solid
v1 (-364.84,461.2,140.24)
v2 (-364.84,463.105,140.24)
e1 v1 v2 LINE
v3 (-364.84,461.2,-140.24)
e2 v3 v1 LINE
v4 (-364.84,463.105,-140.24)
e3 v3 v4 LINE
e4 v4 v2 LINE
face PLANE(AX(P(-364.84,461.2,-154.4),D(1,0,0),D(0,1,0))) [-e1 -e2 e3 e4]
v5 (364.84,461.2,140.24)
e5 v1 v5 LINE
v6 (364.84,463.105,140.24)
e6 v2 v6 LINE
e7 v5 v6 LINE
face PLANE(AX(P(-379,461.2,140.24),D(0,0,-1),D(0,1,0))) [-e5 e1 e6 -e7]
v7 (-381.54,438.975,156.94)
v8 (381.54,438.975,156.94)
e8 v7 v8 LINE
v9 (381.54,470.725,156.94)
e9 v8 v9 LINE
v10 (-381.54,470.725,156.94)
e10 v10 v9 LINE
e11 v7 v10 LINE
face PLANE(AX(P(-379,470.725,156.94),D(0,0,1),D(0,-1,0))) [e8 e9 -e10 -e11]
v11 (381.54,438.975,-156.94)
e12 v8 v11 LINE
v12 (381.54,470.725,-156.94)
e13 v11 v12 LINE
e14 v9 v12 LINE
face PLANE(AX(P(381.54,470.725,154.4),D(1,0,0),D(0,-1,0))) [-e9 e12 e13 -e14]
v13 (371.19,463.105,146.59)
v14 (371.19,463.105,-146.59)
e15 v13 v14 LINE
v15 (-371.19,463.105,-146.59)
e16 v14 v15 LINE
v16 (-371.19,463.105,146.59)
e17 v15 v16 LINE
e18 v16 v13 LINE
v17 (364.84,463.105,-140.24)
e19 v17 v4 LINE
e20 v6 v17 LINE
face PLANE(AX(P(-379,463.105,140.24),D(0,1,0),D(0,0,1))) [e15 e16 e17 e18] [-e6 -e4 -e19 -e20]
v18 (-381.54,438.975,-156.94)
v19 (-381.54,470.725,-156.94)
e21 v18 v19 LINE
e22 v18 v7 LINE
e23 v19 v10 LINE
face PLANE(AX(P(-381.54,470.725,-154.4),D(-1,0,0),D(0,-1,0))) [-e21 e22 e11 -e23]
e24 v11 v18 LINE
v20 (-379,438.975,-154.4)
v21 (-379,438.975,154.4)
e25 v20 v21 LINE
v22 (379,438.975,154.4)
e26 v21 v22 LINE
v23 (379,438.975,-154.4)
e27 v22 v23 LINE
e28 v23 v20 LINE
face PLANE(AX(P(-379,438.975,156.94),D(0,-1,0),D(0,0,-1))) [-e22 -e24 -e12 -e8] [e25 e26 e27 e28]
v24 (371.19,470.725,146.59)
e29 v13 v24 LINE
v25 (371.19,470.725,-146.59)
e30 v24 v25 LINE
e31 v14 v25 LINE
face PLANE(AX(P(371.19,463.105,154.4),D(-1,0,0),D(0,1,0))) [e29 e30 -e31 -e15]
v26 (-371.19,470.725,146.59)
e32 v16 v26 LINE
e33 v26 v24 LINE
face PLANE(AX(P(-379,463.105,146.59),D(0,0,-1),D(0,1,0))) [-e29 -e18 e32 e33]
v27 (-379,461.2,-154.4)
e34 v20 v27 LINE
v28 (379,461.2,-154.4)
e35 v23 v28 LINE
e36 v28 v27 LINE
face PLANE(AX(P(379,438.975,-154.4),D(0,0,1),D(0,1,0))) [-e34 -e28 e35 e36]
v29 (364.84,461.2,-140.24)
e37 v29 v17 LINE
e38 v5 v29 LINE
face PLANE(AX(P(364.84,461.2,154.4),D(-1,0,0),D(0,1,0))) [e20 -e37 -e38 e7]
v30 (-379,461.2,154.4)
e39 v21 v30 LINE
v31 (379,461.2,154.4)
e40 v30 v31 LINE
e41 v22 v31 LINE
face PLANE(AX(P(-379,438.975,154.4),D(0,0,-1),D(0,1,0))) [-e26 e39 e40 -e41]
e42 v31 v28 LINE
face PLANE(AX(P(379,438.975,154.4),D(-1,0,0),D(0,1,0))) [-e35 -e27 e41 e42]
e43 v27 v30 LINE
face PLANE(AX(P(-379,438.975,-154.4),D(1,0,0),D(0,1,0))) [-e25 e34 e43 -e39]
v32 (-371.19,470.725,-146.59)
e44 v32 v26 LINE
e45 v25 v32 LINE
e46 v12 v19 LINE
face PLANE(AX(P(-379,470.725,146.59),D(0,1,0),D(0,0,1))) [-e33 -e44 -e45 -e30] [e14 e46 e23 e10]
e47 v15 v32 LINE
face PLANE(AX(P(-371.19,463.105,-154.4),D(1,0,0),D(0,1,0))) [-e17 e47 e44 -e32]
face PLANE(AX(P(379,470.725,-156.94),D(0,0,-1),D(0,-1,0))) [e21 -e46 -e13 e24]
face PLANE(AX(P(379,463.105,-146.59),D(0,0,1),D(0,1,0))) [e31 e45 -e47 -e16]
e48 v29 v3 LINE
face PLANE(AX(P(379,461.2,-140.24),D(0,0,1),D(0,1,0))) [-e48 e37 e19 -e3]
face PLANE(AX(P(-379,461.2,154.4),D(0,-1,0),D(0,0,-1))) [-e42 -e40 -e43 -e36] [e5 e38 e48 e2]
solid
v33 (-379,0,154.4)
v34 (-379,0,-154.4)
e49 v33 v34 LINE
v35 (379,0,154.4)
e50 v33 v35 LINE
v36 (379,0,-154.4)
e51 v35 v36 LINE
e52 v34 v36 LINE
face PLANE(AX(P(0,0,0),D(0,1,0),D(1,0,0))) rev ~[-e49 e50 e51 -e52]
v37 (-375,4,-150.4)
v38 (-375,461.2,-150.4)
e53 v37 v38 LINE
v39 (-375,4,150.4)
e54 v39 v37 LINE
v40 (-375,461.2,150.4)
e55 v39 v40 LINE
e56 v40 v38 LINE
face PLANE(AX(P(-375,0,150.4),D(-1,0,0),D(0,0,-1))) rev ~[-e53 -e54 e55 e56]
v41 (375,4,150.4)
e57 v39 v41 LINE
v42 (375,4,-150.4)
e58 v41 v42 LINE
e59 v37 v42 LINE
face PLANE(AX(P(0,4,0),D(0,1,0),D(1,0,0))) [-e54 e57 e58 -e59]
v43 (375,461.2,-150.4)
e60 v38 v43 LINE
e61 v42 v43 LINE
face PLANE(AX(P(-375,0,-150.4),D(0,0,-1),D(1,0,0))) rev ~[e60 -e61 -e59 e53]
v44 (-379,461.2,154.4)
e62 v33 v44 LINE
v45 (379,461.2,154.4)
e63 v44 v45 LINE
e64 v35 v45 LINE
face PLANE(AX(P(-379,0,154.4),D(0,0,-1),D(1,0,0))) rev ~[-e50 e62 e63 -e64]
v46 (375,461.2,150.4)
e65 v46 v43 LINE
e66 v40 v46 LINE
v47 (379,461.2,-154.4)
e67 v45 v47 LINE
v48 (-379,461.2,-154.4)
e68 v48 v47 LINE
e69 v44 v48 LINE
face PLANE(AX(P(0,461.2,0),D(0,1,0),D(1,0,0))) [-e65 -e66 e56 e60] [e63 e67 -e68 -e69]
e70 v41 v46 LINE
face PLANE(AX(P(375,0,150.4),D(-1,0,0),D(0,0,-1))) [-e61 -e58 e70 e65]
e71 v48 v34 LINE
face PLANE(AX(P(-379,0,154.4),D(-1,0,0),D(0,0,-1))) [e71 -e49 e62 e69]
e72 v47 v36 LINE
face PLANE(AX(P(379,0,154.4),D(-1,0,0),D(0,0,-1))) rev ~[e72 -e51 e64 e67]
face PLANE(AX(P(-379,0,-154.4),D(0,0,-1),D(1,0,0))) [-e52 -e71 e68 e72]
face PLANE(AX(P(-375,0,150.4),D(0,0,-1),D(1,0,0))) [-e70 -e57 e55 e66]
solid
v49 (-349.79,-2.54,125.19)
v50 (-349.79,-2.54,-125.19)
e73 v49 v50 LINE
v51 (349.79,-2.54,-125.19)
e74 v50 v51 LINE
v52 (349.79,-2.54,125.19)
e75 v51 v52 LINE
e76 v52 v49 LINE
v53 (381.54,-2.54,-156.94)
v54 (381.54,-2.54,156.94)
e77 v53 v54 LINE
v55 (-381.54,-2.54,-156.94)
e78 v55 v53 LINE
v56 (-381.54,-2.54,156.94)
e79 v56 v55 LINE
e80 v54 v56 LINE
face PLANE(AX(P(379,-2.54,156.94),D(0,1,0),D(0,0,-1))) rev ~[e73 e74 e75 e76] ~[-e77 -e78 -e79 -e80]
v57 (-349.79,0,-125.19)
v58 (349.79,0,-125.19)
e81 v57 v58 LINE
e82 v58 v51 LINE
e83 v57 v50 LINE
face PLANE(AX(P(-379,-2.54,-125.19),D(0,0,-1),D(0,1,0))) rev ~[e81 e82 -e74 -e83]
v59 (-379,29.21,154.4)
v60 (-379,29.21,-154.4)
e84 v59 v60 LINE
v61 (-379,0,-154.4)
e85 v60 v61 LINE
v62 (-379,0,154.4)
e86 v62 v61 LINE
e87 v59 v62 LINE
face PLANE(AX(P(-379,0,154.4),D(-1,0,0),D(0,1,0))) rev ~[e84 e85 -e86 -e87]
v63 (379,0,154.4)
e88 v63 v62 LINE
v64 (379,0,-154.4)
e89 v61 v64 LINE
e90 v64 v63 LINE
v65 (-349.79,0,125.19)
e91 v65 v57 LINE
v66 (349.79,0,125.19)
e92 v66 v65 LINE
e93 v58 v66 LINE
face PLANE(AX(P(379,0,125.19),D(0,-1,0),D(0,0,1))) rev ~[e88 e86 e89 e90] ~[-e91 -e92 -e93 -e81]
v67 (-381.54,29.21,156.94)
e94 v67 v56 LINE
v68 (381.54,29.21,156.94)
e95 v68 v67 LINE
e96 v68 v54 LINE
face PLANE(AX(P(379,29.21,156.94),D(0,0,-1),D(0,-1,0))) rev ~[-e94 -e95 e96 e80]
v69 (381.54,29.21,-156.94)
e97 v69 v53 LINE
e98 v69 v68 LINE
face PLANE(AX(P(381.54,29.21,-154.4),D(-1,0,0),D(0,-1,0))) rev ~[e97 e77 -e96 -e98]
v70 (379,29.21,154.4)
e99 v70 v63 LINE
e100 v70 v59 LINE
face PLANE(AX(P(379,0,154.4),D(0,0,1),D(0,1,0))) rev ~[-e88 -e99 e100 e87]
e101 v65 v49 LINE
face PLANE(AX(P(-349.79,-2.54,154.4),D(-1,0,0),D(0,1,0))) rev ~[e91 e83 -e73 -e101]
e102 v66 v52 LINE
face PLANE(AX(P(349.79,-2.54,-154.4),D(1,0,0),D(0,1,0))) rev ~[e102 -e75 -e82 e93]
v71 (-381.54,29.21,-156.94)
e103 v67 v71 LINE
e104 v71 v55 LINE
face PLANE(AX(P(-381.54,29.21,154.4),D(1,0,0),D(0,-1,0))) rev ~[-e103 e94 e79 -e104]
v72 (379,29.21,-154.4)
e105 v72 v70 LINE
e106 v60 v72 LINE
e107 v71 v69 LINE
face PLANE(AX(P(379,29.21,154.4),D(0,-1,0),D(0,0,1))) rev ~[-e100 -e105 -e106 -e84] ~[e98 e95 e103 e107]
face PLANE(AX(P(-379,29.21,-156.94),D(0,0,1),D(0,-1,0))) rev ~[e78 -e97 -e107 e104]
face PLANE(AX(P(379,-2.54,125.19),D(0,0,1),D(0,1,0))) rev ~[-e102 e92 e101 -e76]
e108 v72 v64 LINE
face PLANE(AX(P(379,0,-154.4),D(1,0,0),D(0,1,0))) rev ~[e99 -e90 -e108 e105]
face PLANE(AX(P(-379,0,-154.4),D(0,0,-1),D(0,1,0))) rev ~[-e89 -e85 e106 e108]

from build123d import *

# Parameters (mm, degrees)
SKETCH1_W        = 757.999999998
SKETCH1_H        = 308.8
SKETCH1_W_2      = 749.999999998
SKETCH1_H_2      = 300.8
TANK_WALLS_DEPTH = 461.2
SKETCH1_2_W      = 757.999999998
SKETCH1_2_H      = 308.8
TANK_FLOOR_DEPTH = 4


with BuildPart() as part:
    # Sketch1 → Tank Walls (new body)
    with BuildSketch(Plane(origin=(0, 0, 0), x_dir=(1, 0, 0), z_dir=(0, 1, 0))):
        Rectangle(SKETCH1_W, SKETCH1_H)
        Rectangle(SKETCH1_W_2, SKETCH1_H_2, mode=Mode.SUBTRACT)
    extrude(amount=TANK_WALLS_DEPTH)

    # Sketch1<2> → Tank Floor (add)
    with BuildSketch(Plane(origin=(0, 0, 0), x_dir=(1, 0, 0), z_dir=(0, 1, 0))):
        Rectangle(SKETCH1_2_W, SKETCH1_2_H)
    extrude(amount=TANK_FLOOR_DEPTH)


with BuildPart() as body_2:
    # Top Rim: sweep along a path in Sketch3
    with BuildLine(Plane(origin=(0, 461.2, 0), x_dir=(1, 0, 0), z_dir=(0, 1, 0))) as top_rim_path:
        Line((-378.999999999, -154.4), (378.999999999, -154.4))
        Line((378.999999999, -154.4), (378.999999999, 154.4))
        Line((378.999999999, 154.4), (-378.999999999, 154.4))
        Line((-378.999999999, 154.4), (-378.999999999, -154.4))
    # Sketch2 → Top Rim (sweep)
    with BuildSketch(Plane.XY):
        Polygon((-378.999999999, 461.2), (-364.839999999, 461.2), (-364.839999999, 463.105), (-371.189999999, 463.105), (-371.189999999, 470.725), (-381.539999999, 470.725), (-381.539999999, 438.975), (-378.999999999, 438.975), align=None)
    sweep(path=top_rim_path.line, transition=Transition.RIGHT)


with BuildPart() as body_3:
    # Bottom Rim: sweep along a path in Sketch5
    with BuildLine(Plane.XZ) as bottom_rim_path:
        Line((378.999999999, 154.4), (-378.999999999, 154.4))
        Line((-378.999999999, 154.4), (-378.999999999, -154.4))
        Line((-378.999999999, -154.4), (378.999999999, -154.4))
        Line((378.999999999, -154.4), (378.999999999, 154.4))
    # Sketch4 → Bottom Rim (sweep)
    with BuildSketch(Plane.XY):
        Polygon((-378.999999999, 0), (-378.999999999, 29.21), (-381.539999999, 29.21), (-381.539999999, -2.54), (-349.789999999, -2.54), (-349.789999999, 0), align=None)
    sweep(path=bottom_rim_path.line, transition=Transition.RIGHT)


solid = Compound([part.part, body_2.part, body_3.part])
